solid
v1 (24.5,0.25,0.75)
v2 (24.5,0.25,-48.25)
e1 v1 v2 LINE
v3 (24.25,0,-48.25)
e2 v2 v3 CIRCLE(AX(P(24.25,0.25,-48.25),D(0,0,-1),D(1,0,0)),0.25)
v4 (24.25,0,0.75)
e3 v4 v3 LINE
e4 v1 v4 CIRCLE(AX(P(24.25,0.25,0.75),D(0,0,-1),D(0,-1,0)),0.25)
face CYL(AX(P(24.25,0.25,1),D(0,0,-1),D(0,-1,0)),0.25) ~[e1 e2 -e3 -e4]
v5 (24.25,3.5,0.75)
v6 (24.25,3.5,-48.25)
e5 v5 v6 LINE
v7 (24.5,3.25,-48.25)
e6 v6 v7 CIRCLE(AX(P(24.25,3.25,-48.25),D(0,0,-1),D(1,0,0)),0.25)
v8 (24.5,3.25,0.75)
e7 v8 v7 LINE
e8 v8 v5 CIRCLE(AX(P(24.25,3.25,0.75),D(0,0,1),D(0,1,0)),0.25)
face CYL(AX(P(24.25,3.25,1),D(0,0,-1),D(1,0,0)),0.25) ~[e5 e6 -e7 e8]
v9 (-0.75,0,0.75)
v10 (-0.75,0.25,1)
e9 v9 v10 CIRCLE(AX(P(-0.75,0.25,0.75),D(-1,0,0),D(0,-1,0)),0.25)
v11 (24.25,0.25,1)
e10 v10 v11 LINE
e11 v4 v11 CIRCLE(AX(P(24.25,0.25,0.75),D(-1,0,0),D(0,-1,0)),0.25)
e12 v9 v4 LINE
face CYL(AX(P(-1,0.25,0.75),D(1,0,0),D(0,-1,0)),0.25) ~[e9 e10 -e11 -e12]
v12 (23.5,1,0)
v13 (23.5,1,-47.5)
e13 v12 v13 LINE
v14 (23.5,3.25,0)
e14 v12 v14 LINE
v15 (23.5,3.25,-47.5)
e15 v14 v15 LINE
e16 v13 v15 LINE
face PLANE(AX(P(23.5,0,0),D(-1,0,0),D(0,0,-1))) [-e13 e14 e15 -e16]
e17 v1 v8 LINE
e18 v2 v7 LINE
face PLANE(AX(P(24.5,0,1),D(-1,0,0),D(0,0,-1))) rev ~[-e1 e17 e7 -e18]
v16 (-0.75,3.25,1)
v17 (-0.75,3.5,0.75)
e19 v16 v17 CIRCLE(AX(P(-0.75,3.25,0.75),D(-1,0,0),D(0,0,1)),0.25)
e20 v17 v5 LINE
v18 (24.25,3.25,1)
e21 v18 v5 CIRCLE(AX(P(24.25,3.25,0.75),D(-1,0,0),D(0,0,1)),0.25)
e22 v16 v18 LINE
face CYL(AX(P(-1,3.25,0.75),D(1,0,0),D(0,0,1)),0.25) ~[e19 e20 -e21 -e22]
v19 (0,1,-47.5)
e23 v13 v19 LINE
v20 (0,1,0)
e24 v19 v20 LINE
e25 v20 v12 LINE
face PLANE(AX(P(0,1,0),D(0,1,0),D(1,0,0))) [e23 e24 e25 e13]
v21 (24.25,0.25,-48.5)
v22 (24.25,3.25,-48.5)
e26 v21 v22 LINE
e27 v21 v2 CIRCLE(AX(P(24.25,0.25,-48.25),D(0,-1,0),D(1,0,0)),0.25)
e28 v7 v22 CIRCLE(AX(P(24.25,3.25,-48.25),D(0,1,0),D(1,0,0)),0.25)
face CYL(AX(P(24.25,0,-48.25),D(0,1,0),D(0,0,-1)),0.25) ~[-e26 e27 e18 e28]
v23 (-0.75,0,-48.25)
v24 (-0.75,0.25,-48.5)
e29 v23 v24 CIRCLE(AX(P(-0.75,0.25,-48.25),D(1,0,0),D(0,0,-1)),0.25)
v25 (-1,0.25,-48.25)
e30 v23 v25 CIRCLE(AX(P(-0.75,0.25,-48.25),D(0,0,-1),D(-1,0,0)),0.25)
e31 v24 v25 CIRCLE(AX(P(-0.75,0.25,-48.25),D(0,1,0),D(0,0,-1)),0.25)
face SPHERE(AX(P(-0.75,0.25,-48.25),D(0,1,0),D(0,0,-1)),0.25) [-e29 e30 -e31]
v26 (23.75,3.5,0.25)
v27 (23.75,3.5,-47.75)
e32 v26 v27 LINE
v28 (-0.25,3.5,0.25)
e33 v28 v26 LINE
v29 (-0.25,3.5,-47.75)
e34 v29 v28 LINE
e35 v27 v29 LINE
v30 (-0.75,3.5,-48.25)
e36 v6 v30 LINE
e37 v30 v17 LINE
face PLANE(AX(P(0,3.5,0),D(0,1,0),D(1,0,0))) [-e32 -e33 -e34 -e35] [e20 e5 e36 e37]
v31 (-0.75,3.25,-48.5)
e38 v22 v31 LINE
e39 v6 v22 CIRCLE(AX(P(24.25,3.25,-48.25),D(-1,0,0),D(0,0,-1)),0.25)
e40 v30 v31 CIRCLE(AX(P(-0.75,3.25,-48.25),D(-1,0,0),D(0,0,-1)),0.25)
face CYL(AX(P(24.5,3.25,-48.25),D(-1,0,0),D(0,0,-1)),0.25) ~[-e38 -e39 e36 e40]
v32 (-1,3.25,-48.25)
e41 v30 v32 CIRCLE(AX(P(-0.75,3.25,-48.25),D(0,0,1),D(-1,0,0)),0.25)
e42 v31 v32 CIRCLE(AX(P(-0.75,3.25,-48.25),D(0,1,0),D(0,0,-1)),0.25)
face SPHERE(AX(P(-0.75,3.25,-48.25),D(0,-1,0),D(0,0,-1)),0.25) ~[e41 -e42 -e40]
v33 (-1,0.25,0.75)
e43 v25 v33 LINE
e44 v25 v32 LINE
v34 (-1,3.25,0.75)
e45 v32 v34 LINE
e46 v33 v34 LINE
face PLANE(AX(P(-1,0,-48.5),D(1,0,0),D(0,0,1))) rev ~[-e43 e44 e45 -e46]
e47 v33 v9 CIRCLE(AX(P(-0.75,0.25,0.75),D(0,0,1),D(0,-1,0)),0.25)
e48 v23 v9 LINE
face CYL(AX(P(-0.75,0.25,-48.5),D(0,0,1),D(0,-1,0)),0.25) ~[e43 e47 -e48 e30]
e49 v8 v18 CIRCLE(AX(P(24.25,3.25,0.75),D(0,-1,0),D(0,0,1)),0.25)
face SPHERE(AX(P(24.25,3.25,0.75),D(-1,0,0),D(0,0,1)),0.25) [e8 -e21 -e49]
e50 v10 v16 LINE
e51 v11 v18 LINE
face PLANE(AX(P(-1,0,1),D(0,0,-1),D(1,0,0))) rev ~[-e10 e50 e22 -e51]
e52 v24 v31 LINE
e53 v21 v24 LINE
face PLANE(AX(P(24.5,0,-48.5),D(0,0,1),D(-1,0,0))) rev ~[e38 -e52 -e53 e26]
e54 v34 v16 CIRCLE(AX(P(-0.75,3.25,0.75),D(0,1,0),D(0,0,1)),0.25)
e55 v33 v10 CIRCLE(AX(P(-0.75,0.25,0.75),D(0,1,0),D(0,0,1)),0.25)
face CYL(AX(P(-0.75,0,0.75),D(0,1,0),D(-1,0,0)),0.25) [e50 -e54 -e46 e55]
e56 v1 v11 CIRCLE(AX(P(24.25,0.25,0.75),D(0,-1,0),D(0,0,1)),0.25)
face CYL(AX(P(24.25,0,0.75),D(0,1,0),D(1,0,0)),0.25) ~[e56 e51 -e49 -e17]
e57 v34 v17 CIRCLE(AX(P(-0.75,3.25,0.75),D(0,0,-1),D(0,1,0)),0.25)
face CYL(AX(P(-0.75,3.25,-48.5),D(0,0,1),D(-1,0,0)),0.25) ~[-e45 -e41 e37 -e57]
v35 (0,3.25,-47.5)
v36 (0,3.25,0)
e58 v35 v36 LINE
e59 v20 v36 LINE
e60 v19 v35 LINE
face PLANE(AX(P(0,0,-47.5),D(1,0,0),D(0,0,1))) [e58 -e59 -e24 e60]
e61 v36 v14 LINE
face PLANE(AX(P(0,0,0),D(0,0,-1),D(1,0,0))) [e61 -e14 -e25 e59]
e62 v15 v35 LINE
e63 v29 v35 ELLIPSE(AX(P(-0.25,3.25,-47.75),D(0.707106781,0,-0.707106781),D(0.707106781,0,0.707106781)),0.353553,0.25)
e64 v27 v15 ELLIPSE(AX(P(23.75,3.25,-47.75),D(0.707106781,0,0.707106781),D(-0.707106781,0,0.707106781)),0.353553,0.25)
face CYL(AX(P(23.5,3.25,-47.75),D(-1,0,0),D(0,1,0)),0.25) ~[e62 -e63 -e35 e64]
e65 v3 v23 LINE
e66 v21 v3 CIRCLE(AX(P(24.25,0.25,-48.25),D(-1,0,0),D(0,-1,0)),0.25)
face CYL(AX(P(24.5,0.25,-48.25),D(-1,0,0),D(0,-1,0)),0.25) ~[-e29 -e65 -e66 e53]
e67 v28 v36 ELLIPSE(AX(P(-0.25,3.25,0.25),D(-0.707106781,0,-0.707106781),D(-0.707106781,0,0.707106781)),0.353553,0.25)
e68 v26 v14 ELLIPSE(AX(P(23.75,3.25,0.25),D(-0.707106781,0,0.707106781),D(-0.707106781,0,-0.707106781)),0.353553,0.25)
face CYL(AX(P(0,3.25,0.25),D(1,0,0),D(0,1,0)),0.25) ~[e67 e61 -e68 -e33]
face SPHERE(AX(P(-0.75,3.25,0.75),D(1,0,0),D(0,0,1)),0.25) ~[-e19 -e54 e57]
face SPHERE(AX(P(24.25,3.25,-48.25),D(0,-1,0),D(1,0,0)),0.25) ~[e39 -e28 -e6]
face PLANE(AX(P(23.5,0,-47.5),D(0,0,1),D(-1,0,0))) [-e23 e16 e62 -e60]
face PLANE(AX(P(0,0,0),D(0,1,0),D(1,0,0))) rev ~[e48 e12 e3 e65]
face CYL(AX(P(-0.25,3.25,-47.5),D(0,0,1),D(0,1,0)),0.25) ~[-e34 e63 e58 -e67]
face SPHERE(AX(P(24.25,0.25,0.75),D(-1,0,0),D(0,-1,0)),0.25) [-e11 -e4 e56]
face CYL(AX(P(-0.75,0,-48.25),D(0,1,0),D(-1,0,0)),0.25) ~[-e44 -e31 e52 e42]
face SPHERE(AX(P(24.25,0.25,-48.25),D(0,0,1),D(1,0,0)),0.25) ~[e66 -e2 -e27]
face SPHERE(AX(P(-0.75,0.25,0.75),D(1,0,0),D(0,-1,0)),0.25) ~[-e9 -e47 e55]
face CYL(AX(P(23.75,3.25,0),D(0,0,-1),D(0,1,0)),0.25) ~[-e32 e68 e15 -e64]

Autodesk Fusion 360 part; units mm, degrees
sketch "Sketch1" plane through (0, 0, 0) normal (0, 1, 0) x (1, 0, 0)
  line L0 (0, 0) -> (23.5, 0)
  line L1 (23.5, 0) -> (23.5, 47.5)
  line L2 (23.5, 47.5) -> (0, 47.5)
  line L3 (0, 47.5) -> (0, 0)
  line L4 (-1, -1) -> (24.5, -1)
  line L5 (24.5, -1) -> (24.5, 48.5)
  line L6 (24.5, 48.5) -> (-1, 48.5)
  line L7 (-1, 48.5) -> (-1, -1)
  dimension "d1" = 23.5
  dimension "d2" = 47.5
  dimension "d3" = 1
extrude "Extrude1" add sketch "Sketch1" along normal blind 1 contours L0 L1 L2 L3
extrude "Extrude2" add sketch "Sketch1" along normal blind 3.5
fillet "Fillet1" radius 0.25 7 edges at (11.75, 0, 1) (24.5, 0, -23.75) (11.75, 3.5, 1) (0, 3.5, -23.75) (11.75, 3.5, -47.5) (23.5, 3.5, -23.75) (11.75, 3.5, 0) 4 faces at (24.5, 1.1667, -15.5) (16, 1.1667, -48.5) (7.5, 0, -32) (-1, 1.1667, -32)
